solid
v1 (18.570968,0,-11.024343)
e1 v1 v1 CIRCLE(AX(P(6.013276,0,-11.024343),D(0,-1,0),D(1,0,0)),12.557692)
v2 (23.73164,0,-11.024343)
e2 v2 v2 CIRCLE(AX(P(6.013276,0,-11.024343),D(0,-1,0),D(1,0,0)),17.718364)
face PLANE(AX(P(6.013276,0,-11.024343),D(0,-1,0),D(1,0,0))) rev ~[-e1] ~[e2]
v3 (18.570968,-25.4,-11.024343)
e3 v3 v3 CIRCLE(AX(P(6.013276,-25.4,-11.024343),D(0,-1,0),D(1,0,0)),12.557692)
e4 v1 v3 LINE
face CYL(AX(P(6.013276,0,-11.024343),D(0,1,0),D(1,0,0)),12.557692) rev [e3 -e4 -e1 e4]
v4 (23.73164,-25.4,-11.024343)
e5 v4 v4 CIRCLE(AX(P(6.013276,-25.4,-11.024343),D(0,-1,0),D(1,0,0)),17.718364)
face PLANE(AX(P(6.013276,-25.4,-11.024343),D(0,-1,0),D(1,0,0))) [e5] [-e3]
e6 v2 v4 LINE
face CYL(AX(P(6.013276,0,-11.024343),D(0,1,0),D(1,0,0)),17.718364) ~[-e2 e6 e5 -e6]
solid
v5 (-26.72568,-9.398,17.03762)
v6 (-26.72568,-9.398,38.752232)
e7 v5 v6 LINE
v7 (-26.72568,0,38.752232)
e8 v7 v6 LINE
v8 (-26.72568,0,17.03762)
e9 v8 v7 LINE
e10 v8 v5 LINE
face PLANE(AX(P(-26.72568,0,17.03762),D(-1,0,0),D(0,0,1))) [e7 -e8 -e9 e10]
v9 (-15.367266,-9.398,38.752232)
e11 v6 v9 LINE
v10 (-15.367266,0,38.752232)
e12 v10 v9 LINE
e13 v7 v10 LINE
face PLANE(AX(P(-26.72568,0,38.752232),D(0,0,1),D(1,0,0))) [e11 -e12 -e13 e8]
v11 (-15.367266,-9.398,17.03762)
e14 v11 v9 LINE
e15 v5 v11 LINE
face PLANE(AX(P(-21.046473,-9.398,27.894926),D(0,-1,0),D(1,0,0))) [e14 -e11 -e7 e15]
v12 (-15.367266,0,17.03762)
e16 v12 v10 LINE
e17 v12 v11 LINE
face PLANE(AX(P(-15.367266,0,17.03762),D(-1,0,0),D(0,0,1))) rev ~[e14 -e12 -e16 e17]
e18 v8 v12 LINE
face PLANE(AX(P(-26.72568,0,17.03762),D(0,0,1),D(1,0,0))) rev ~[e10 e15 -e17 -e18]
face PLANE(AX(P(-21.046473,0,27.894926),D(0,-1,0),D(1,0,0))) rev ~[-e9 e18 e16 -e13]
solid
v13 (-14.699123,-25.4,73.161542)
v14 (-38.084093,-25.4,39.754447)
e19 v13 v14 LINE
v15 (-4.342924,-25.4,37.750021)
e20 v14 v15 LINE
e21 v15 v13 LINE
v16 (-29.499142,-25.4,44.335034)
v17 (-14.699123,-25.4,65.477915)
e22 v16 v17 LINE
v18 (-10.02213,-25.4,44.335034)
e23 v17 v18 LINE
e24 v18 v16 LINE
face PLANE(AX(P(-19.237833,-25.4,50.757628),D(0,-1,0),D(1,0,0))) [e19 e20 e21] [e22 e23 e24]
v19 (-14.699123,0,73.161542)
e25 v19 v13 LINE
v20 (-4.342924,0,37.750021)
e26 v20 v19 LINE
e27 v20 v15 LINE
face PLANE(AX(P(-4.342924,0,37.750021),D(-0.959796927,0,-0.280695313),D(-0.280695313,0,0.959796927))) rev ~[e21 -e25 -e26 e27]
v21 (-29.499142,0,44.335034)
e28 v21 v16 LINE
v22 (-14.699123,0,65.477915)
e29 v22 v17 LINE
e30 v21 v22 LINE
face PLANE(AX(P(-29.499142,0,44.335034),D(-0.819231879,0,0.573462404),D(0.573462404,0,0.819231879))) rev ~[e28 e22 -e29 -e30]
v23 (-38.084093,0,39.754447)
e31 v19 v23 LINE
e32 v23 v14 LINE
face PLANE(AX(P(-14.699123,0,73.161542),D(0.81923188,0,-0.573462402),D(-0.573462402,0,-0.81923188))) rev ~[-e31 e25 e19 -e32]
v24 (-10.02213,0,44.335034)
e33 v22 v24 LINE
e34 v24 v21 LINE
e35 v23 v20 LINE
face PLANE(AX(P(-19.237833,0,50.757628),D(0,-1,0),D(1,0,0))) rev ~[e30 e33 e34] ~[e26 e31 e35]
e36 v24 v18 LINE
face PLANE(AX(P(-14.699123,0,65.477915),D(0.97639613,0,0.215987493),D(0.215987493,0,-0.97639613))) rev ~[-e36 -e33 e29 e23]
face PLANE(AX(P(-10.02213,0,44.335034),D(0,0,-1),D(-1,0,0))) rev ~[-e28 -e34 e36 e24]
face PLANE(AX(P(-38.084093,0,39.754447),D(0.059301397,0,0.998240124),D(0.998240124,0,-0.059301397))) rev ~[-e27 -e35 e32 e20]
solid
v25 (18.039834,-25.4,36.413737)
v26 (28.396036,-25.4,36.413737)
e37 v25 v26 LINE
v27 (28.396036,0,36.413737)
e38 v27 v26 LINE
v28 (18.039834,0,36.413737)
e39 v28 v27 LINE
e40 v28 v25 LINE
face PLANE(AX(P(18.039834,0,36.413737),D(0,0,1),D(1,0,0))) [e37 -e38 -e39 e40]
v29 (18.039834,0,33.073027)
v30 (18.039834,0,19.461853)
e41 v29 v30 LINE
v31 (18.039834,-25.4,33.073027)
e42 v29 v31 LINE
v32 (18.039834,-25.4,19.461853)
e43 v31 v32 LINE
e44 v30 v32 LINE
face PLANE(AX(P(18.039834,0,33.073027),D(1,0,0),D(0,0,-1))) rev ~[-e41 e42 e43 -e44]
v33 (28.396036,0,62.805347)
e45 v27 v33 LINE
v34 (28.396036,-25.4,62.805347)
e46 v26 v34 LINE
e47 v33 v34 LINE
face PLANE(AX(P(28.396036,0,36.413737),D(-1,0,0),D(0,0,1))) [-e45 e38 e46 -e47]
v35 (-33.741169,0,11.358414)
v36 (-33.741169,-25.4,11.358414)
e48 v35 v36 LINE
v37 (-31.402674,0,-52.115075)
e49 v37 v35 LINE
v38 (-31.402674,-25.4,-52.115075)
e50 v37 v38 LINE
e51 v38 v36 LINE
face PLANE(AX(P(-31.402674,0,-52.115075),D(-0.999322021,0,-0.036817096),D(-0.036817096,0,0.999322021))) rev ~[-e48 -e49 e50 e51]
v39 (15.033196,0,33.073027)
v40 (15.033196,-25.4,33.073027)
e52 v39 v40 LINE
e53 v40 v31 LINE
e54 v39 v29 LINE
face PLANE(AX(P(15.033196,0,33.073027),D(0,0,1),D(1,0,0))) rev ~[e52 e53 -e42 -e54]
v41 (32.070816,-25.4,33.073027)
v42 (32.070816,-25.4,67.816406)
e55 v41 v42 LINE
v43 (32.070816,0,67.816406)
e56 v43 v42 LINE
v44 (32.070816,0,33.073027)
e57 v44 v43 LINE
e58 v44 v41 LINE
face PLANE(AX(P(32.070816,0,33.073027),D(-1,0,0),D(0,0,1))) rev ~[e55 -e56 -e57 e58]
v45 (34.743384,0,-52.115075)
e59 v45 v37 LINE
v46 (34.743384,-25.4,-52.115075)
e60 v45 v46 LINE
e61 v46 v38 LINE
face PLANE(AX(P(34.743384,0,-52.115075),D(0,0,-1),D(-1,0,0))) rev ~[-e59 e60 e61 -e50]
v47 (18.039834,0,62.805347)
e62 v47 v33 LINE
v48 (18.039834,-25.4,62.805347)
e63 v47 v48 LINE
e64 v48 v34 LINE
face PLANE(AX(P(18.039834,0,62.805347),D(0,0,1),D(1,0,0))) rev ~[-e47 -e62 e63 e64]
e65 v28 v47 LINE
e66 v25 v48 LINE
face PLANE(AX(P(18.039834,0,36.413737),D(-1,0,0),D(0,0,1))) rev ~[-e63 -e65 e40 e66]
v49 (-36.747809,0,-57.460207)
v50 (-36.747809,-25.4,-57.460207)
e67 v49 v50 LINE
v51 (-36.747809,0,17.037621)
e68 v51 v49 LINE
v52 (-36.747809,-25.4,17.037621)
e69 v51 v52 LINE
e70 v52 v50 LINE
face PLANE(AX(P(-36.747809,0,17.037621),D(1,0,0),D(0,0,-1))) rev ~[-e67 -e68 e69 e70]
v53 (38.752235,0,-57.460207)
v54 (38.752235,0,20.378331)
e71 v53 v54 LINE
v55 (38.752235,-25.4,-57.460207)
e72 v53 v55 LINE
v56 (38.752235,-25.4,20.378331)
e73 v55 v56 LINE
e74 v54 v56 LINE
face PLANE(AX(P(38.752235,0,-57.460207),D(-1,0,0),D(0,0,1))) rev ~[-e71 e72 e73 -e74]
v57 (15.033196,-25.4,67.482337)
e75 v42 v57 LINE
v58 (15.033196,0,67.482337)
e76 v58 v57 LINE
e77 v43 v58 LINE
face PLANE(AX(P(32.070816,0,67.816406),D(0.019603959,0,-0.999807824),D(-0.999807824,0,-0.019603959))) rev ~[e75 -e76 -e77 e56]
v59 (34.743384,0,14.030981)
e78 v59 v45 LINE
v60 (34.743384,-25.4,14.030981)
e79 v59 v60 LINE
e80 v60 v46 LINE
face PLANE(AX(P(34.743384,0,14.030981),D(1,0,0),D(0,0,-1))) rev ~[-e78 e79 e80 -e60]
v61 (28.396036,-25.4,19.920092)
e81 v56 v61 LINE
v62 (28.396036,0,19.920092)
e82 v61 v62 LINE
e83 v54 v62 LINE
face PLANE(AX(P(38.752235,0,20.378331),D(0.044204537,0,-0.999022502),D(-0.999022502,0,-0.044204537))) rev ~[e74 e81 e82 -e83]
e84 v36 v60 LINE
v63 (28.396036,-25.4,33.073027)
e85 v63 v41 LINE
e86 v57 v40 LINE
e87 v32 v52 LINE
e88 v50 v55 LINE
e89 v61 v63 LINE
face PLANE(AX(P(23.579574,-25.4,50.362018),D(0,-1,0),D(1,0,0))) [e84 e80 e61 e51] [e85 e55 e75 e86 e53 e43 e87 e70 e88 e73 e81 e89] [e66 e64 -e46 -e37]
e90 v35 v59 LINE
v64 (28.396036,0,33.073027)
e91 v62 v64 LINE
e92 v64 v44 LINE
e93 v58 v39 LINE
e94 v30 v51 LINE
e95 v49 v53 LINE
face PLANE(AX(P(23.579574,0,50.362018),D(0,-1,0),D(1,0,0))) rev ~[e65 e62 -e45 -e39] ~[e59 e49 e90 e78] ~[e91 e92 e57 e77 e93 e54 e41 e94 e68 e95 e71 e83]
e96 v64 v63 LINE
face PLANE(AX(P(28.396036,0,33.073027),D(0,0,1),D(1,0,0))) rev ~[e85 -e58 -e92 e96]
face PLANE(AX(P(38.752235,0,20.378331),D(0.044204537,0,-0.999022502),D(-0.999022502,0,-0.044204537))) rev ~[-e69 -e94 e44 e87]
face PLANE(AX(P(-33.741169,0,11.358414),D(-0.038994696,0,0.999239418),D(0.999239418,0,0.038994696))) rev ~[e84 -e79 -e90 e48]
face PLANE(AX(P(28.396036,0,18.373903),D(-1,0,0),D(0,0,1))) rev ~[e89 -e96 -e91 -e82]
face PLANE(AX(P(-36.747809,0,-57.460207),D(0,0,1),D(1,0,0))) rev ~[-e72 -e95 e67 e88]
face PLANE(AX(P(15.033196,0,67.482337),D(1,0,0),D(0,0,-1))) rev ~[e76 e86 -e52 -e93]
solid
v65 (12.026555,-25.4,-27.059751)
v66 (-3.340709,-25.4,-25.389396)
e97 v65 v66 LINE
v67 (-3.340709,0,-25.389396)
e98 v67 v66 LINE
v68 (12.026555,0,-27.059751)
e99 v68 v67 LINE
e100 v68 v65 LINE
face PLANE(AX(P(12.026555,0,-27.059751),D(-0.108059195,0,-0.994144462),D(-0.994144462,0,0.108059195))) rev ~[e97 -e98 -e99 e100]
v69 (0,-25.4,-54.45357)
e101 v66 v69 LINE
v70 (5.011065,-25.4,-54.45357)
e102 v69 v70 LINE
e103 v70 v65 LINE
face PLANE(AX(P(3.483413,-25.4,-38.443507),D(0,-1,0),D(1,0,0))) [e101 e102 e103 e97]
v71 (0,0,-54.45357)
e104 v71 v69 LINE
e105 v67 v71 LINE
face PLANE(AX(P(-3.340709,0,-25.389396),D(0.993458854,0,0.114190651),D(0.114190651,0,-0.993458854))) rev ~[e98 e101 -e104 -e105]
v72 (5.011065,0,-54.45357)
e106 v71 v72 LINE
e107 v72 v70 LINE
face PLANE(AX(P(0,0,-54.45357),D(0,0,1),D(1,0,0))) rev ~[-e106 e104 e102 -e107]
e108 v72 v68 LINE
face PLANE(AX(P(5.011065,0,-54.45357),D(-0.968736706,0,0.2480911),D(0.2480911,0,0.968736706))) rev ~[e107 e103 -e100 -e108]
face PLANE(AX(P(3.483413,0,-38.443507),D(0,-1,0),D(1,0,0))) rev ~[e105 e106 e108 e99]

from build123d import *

# Parameters (mm, degrees)
F1_DEPTH  = 25.4
F3_DEPTH  = 25.4
F4_W      = 11.358415
F4_H      = 21.714611
F5_DEPTH  = 9.398
F6_R      = 17.718364
F6_R_2    = 12.557692
F7_DEPTH  = 25.4
F9_DEPTH  = 25.4
F10_W     = 10.356202
F10_H     = 26.39161
F11_DEPTH = 25.4


with BuildPart() as f1:
    # F0 (on Front) → F1 (new body)
    with BuildSketch(Plane.XZ):
        Polygon((38.752235, 20.378331), (-36.747809, 17.037621), (-36.747809, -57.460207), (38.752235, -57.460207), align=None)
        Polygon((-31.402674, -52.115075), (-33.741169, 11.358414), (34.743384, 14.030981), (34.743384, -52.115075), align=None, mode=Mode.SUBTRACT)
    extrude(amount=F1_DEPTH)

    # F10 (on Front) → F11 (join)
    with BuildSketch(Plane.XZ):
        Polygon((15.033196, 67.482337), (15.033196, 33.073027), (18.039834, 33.073027), (28.396036, 33.073027), (32.070816, 33.073027), (32.070816, 67.816406), align=None)
        with Locations((23.217935, 49.609542)):
            Rectangle(F10_W, F10_H, mode=Mode.SUBTRACT)
        Polygon((28.396036, 33.073027), (18.039834, 33.073027), (18.039834, 17.705763), (28.396036, 18.373903), align=None)
    extrude(amount=F11_DEPTH)


with BuildPart() as f3:
    # F2 (on Front) → F3 (new body)
    with BuildSketch(Plane.XZ):
        Polygon((-14.699123, 73.161542), (-38.084093, 39.754447), (-4.342924, 37.750021), align=None)
        Polygon((-29.499142, 44.335034), (-14.699123, 65.477915), (-10.02213, 44.335034), align=None, mode=Mode.SUBTRACT)
    extrude(amount=F3_DEPTH)


with BuildPart() as f5:
    # F4 (on Front) → F5 (new body)
    with BuildSketch(Plane.XZ):
        with Locations((-21.046473, 27.894926)):
            Rectangle(F4_W, F4_H)
    extrude(amount=F5_DEPTH)


with BuildPart() as f7:
    # F6 (on Front) → F7 (new body)
    with BuildSketch(Plane.XZ):
        with Locations((6.013276, -11.024343)):
            Circle(F6_R)
        with Locations((6.013276, -11.024343)):
            Circle(F6_R_2, mode=Mode.SUBTRACT)
    extrude(amount=F7_DEPTH)


with BuildPart() as f9:
    # F8 (on Front) → F9 (new body)
    with BuildSketch(Plane.XZ):
        Polygon((12.026555, -27.059751), (-3.340709, -25.389396), (0, -54.45357), (5.011065, -54.45357), align=None)
    extrude(amount=F9_DEPTH)


solid = Compound([f1.part, f3.part, f5.part, f7.part, f9.part])
